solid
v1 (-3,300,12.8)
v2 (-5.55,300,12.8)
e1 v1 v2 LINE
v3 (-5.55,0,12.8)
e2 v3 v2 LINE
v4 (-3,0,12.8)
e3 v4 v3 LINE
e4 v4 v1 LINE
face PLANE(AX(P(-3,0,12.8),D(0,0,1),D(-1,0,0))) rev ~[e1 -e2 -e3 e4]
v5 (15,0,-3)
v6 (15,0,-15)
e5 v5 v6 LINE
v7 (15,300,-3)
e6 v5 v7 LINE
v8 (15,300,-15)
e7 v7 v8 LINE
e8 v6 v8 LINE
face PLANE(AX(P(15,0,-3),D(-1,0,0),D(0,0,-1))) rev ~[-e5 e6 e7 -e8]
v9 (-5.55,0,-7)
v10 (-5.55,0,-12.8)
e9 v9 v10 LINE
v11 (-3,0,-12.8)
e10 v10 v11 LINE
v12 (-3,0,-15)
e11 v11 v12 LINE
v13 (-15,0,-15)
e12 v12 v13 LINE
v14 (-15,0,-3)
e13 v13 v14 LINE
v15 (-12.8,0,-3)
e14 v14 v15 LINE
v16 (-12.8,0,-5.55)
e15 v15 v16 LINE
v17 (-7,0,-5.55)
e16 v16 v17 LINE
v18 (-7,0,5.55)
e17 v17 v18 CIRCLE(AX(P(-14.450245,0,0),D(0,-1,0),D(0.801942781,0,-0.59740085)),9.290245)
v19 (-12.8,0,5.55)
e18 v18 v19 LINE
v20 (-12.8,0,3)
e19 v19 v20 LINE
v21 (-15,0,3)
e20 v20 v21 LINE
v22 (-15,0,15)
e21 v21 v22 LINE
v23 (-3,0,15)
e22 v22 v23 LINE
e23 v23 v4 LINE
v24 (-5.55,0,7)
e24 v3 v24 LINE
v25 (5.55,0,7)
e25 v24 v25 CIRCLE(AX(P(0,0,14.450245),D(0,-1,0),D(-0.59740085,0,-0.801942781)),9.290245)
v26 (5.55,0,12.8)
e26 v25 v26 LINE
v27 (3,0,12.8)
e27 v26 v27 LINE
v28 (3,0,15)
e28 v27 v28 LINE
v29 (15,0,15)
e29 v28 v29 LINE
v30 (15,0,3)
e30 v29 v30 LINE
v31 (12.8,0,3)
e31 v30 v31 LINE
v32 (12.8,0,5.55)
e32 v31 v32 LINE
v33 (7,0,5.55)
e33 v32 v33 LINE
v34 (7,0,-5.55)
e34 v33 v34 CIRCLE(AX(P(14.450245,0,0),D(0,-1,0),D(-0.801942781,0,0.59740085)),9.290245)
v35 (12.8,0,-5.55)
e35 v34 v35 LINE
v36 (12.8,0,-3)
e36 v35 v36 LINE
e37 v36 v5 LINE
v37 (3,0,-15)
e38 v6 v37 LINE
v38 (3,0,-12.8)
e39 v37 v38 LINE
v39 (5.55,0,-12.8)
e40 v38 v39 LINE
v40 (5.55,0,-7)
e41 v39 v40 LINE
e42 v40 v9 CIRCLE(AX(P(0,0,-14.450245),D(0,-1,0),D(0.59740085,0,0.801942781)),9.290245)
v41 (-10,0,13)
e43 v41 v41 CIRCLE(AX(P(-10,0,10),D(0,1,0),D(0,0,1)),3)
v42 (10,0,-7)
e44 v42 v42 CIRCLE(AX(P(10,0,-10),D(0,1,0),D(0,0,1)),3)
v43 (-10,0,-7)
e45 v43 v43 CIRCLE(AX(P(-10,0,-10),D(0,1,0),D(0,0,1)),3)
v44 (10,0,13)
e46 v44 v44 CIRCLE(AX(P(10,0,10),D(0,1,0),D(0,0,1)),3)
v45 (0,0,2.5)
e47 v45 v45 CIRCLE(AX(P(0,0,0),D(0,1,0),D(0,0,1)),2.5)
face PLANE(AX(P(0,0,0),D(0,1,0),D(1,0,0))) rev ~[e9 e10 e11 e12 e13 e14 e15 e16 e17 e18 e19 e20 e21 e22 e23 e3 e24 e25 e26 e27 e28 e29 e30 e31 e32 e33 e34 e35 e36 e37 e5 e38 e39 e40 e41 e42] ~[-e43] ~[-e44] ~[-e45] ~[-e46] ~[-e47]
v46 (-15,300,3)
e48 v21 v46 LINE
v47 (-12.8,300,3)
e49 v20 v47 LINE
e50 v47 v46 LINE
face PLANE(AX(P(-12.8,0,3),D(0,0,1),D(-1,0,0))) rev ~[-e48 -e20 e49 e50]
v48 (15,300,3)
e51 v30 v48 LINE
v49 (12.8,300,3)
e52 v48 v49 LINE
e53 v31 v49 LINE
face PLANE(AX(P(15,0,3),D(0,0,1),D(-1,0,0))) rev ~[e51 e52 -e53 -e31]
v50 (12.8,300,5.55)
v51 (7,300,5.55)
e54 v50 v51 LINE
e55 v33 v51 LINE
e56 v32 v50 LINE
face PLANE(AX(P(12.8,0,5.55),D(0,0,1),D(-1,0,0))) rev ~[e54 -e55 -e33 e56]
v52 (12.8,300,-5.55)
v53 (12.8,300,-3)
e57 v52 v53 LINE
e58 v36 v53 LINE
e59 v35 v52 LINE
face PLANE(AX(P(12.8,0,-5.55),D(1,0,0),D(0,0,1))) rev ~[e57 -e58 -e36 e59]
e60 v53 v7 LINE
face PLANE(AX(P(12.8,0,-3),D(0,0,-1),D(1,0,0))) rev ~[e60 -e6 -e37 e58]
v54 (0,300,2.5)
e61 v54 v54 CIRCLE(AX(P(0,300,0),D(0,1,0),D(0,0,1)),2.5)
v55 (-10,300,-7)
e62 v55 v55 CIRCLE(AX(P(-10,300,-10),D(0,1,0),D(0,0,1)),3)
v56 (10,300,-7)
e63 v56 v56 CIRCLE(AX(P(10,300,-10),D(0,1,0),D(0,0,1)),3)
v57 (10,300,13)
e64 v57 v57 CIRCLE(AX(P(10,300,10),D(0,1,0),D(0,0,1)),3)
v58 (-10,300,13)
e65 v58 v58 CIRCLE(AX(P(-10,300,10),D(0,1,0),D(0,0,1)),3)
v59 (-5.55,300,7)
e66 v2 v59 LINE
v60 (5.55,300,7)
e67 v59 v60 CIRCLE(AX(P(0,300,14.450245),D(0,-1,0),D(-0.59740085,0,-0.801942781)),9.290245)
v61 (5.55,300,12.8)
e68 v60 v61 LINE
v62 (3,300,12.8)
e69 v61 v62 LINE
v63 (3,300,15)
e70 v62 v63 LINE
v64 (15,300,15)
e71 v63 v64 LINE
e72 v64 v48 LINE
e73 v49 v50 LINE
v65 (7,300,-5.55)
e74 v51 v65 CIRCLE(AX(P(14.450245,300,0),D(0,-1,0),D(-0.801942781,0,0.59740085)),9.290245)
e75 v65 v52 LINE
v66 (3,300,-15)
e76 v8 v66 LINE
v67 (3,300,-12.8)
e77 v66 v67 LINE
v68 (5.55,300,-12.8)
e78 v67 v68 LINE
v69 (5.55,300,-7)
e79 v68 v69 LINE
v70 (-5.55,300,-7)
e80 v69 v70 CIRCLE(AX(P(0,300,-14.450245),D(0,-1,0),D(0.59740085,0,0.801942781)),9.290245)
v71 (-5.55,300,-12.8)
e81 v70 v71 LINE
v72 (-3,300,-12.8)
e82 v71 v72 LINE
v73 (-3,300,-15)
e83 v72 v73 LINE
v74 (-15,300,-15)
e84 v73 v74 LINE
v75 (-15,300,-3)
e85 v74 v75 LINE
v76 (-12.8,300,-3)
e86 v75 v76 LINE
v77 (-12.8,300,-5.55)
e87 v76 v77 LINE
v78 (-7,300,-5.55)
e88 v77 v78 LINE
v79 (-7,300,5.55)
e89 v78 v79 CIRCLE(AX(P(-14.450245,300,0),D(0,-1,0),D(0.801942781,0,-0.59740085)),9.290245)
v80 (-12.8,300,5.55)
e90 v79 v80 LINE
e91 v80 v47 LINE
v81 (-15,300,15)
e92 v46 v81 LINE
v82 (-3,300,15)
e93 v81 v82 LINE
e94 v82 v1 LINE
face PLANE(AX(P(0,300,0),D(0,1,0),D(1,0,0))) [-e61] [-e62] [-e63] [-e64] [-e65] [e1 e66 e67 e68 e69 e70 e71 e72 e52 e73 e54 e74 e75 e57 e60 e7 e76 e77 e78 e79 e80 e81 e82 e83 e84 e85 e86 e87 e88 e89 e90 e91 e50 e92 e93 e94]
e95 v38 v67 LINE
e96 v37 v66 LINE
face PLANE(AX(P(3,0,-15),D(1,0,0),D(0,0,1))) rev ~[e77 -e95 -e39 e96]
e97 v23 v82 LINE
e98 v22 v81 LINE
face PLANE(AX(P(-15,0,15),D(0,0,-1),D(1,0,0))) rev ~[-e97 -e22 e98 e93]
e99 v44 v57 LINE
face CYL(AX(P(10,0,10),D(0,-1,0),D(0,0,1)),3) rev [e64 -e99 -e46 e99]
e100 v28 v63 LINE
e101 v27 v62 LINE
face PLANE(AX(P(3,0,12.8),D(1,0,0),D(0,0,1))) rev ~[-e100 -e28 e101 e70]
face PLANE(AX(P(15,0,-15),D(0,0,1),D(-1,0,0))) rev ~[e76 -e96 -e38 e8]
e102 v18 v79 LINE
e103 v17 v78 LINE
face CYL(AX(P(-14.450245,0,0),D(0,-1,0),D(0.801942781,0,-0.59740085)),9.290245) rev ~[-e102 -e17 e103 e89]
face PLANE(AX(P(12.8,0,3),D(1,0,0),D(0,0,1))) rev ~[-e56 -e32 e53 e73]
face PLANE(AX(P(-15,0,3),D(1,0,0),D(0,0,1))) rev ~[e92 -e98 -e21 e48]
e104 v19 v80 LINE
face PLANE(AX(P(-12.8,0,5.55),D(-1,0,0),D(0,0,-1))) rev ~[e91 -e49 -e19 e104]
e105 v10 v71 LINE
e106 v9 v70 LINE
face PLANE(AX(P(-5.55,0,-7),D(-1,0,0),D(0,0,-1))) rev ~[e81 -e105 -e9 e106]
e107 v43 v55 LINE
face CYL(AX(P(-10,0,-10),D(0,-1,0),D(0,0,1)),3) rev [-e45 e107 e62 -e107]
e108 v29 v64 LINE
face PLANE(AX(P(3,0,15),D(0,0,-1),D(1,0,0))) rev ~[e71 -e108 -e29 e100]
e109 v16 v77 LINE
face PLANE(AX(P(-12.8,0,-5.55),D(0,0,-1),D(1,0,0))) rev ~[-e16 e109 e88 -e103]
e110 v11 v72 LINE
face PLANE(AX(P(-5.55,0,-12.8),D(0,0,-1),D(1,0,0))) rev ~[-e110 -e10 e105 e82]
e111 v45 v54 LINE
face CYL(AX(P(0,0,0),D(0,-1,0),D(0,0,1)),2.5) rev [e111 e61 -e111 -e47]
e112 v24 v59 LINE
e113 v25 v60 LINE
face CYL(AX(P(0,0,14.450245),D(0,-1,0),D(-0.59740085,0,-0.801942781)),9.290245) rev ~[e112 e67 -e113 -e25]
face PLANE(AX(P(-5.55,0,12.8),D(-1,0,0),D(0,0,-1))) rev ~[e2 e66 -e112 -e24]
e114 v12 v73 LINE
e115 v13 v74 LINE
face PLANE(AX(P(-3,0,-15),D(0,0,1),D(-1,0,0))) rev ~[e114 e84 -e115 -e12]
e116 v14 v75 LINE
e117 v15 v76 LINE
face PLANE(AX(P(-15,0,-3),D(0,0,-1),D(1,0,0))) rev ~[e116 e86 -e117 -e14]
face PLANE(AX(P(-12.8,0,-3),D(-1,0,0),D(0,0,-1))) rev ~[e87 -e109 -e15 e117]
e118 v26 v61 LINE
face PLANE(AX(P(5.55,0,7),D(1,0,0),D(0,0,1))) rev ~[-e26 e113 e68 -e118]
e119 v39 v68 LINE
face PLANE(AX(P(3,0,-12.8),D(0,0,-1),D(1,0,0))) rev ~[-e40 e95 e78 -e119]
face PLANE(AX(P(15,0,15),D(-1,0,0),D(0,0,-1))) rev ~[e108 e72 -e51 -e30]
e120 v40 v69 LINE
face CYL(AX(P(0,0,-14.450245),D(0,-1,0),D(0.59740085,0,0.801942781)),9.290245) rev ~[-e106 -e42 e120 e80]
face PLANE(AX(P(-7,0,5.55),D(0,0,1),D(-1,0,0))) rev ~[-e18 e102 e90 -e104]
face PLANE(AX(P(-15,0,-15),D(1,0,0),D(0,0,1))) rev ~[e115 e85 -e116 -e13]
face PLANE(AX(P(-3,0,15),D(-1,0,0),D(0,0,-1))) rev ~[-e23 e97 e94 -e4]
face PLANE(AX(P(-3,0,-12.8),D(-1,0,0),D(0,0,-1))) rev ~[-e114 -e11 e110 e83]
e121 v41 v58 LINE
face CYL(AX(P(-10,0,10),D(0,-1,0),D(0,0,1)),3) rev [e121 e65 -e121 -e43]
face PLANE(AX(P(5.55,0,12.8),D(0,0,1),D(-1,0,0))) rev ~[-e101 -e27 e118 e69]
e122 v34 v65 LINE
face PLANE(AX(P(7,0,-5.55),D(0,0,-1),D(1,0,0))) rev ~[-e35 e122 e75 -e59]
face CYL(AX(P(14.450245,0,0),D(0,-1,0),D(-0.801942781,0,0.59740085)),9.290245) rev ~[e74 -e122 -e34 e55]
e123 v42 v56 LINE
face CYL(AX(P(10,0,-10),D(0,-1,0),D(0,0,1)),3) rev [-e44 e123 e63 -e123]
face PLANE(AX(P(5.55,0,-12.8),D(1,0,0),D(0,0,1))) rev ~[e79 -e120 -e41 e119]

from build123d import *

# Parameters (mm, degrees)
SKETCH1_R           = 3
SKETCH1_R_2         = 2.5
BOSS_EXTRUDE1_DEPTH = 300


with BuildPart() as part:
    # Sketch1 → Boss-Extrude1 (new body)
    with BuildSketch(Plane(origin=(0, 0, 0), x_dir=(1, 0, 0), z_dir=(0, 1, 0))):
        with BuildLine():
            Line((-3, -15), (-3, -12.8))
            Line((-3, -12.8), (-5.55, -12.8))
            Line((-5.55, -12.8), (-5.55, -7))
            ThreePointArc((-5.55, -7), (0, -5.16), (5.55, -7))
            Line((5.55, -7), (5.55, -12.8))
            Line((5.55, -12.8), (3, -12.8))
            Line((3, -12.8), (3, -15))
            Line((3, -15), (15, -15))
            Line((15, -15), (15, -3))
            Line((15, -3), (12.8, -3))
            Line((12.8, -3), (12.8, -5.55))
            Line((12.8, -5.55), (7, -5.55))
            ThreePointArc((7, -5.55), (5.16, 0), (7, 5.55))
            Line((7, 5.55), (12.8, 5.55))
            Line((12.8, 5.55), (12.8, 3))
            Line((12.8, 3), (15, 3))
            Line((15, 3), (15, 15))
            Line((15, 15), (3, 15))
            Line((3, 15), (3, 12.8))
            Line((3, 12.8), (5.55, 12.8))
            Line((5.55, 12.8), (5.55, 7))
            ThreePointArc((5.55, 7), (0, 5.16), (-5.55, 7))
            Line((-5.55, 7), (-5.55, 12.8))
            Line((-5.55, 12.8), (-3, 12.8))
            Line((-3, 12.8), (-3, 15))
            Line((-3, 15), (-15, 15))
            Line((-15, 15), (-15, 3))
            Line((-15, 3), (-12.8, 3))
            Line((-12.8, 3), (-12.8, 5.55))
            Line((-12.8, 5.55), (-7, 5.55))
            ThreePointArc((-7, 5.55), (-5.16, 0), (-7, -5.55))
            Line((-7, -5.55), (-12.8, -5.55))
            Line((-12.8, -5.55), (-12.8, -3))
            Line((-12.8, -3), (-15, -3))
            Line((-15, -3), (-15, -15))
            Line((-15, -15), (-3, -15))
        make_face()
        with Locations(Location((-10, 10, 0), (0, 0, 270))):
            Circle(SKETCH1_R, mode=Mode.SUBTRACT)
        with Locations(Location((10, 10, 0), (0, 0, 270))):
            Circle(SKETCH1_R, mode=Mode.SUBTRACT)
        with Locations(Location((-10, -10, 0), (0, 0, 270))):
            Circle(SKETCH1_R, mode=Mode.SUBTRACT)
        with Locations(Location((10, -10, 0), (0, 0, 270))):
            Circle(SKETCH1_R, mode=Mode.SUBTRACT)
        with Locations(Location((0, 0, 0), (0, 0, 270))):
            Circle(SKETCH1_R_2, mode=Mode.SUBTRACT)
    extrude(amount=BOSS_EXTRUDE1_DEPTH)


solid = part.part
